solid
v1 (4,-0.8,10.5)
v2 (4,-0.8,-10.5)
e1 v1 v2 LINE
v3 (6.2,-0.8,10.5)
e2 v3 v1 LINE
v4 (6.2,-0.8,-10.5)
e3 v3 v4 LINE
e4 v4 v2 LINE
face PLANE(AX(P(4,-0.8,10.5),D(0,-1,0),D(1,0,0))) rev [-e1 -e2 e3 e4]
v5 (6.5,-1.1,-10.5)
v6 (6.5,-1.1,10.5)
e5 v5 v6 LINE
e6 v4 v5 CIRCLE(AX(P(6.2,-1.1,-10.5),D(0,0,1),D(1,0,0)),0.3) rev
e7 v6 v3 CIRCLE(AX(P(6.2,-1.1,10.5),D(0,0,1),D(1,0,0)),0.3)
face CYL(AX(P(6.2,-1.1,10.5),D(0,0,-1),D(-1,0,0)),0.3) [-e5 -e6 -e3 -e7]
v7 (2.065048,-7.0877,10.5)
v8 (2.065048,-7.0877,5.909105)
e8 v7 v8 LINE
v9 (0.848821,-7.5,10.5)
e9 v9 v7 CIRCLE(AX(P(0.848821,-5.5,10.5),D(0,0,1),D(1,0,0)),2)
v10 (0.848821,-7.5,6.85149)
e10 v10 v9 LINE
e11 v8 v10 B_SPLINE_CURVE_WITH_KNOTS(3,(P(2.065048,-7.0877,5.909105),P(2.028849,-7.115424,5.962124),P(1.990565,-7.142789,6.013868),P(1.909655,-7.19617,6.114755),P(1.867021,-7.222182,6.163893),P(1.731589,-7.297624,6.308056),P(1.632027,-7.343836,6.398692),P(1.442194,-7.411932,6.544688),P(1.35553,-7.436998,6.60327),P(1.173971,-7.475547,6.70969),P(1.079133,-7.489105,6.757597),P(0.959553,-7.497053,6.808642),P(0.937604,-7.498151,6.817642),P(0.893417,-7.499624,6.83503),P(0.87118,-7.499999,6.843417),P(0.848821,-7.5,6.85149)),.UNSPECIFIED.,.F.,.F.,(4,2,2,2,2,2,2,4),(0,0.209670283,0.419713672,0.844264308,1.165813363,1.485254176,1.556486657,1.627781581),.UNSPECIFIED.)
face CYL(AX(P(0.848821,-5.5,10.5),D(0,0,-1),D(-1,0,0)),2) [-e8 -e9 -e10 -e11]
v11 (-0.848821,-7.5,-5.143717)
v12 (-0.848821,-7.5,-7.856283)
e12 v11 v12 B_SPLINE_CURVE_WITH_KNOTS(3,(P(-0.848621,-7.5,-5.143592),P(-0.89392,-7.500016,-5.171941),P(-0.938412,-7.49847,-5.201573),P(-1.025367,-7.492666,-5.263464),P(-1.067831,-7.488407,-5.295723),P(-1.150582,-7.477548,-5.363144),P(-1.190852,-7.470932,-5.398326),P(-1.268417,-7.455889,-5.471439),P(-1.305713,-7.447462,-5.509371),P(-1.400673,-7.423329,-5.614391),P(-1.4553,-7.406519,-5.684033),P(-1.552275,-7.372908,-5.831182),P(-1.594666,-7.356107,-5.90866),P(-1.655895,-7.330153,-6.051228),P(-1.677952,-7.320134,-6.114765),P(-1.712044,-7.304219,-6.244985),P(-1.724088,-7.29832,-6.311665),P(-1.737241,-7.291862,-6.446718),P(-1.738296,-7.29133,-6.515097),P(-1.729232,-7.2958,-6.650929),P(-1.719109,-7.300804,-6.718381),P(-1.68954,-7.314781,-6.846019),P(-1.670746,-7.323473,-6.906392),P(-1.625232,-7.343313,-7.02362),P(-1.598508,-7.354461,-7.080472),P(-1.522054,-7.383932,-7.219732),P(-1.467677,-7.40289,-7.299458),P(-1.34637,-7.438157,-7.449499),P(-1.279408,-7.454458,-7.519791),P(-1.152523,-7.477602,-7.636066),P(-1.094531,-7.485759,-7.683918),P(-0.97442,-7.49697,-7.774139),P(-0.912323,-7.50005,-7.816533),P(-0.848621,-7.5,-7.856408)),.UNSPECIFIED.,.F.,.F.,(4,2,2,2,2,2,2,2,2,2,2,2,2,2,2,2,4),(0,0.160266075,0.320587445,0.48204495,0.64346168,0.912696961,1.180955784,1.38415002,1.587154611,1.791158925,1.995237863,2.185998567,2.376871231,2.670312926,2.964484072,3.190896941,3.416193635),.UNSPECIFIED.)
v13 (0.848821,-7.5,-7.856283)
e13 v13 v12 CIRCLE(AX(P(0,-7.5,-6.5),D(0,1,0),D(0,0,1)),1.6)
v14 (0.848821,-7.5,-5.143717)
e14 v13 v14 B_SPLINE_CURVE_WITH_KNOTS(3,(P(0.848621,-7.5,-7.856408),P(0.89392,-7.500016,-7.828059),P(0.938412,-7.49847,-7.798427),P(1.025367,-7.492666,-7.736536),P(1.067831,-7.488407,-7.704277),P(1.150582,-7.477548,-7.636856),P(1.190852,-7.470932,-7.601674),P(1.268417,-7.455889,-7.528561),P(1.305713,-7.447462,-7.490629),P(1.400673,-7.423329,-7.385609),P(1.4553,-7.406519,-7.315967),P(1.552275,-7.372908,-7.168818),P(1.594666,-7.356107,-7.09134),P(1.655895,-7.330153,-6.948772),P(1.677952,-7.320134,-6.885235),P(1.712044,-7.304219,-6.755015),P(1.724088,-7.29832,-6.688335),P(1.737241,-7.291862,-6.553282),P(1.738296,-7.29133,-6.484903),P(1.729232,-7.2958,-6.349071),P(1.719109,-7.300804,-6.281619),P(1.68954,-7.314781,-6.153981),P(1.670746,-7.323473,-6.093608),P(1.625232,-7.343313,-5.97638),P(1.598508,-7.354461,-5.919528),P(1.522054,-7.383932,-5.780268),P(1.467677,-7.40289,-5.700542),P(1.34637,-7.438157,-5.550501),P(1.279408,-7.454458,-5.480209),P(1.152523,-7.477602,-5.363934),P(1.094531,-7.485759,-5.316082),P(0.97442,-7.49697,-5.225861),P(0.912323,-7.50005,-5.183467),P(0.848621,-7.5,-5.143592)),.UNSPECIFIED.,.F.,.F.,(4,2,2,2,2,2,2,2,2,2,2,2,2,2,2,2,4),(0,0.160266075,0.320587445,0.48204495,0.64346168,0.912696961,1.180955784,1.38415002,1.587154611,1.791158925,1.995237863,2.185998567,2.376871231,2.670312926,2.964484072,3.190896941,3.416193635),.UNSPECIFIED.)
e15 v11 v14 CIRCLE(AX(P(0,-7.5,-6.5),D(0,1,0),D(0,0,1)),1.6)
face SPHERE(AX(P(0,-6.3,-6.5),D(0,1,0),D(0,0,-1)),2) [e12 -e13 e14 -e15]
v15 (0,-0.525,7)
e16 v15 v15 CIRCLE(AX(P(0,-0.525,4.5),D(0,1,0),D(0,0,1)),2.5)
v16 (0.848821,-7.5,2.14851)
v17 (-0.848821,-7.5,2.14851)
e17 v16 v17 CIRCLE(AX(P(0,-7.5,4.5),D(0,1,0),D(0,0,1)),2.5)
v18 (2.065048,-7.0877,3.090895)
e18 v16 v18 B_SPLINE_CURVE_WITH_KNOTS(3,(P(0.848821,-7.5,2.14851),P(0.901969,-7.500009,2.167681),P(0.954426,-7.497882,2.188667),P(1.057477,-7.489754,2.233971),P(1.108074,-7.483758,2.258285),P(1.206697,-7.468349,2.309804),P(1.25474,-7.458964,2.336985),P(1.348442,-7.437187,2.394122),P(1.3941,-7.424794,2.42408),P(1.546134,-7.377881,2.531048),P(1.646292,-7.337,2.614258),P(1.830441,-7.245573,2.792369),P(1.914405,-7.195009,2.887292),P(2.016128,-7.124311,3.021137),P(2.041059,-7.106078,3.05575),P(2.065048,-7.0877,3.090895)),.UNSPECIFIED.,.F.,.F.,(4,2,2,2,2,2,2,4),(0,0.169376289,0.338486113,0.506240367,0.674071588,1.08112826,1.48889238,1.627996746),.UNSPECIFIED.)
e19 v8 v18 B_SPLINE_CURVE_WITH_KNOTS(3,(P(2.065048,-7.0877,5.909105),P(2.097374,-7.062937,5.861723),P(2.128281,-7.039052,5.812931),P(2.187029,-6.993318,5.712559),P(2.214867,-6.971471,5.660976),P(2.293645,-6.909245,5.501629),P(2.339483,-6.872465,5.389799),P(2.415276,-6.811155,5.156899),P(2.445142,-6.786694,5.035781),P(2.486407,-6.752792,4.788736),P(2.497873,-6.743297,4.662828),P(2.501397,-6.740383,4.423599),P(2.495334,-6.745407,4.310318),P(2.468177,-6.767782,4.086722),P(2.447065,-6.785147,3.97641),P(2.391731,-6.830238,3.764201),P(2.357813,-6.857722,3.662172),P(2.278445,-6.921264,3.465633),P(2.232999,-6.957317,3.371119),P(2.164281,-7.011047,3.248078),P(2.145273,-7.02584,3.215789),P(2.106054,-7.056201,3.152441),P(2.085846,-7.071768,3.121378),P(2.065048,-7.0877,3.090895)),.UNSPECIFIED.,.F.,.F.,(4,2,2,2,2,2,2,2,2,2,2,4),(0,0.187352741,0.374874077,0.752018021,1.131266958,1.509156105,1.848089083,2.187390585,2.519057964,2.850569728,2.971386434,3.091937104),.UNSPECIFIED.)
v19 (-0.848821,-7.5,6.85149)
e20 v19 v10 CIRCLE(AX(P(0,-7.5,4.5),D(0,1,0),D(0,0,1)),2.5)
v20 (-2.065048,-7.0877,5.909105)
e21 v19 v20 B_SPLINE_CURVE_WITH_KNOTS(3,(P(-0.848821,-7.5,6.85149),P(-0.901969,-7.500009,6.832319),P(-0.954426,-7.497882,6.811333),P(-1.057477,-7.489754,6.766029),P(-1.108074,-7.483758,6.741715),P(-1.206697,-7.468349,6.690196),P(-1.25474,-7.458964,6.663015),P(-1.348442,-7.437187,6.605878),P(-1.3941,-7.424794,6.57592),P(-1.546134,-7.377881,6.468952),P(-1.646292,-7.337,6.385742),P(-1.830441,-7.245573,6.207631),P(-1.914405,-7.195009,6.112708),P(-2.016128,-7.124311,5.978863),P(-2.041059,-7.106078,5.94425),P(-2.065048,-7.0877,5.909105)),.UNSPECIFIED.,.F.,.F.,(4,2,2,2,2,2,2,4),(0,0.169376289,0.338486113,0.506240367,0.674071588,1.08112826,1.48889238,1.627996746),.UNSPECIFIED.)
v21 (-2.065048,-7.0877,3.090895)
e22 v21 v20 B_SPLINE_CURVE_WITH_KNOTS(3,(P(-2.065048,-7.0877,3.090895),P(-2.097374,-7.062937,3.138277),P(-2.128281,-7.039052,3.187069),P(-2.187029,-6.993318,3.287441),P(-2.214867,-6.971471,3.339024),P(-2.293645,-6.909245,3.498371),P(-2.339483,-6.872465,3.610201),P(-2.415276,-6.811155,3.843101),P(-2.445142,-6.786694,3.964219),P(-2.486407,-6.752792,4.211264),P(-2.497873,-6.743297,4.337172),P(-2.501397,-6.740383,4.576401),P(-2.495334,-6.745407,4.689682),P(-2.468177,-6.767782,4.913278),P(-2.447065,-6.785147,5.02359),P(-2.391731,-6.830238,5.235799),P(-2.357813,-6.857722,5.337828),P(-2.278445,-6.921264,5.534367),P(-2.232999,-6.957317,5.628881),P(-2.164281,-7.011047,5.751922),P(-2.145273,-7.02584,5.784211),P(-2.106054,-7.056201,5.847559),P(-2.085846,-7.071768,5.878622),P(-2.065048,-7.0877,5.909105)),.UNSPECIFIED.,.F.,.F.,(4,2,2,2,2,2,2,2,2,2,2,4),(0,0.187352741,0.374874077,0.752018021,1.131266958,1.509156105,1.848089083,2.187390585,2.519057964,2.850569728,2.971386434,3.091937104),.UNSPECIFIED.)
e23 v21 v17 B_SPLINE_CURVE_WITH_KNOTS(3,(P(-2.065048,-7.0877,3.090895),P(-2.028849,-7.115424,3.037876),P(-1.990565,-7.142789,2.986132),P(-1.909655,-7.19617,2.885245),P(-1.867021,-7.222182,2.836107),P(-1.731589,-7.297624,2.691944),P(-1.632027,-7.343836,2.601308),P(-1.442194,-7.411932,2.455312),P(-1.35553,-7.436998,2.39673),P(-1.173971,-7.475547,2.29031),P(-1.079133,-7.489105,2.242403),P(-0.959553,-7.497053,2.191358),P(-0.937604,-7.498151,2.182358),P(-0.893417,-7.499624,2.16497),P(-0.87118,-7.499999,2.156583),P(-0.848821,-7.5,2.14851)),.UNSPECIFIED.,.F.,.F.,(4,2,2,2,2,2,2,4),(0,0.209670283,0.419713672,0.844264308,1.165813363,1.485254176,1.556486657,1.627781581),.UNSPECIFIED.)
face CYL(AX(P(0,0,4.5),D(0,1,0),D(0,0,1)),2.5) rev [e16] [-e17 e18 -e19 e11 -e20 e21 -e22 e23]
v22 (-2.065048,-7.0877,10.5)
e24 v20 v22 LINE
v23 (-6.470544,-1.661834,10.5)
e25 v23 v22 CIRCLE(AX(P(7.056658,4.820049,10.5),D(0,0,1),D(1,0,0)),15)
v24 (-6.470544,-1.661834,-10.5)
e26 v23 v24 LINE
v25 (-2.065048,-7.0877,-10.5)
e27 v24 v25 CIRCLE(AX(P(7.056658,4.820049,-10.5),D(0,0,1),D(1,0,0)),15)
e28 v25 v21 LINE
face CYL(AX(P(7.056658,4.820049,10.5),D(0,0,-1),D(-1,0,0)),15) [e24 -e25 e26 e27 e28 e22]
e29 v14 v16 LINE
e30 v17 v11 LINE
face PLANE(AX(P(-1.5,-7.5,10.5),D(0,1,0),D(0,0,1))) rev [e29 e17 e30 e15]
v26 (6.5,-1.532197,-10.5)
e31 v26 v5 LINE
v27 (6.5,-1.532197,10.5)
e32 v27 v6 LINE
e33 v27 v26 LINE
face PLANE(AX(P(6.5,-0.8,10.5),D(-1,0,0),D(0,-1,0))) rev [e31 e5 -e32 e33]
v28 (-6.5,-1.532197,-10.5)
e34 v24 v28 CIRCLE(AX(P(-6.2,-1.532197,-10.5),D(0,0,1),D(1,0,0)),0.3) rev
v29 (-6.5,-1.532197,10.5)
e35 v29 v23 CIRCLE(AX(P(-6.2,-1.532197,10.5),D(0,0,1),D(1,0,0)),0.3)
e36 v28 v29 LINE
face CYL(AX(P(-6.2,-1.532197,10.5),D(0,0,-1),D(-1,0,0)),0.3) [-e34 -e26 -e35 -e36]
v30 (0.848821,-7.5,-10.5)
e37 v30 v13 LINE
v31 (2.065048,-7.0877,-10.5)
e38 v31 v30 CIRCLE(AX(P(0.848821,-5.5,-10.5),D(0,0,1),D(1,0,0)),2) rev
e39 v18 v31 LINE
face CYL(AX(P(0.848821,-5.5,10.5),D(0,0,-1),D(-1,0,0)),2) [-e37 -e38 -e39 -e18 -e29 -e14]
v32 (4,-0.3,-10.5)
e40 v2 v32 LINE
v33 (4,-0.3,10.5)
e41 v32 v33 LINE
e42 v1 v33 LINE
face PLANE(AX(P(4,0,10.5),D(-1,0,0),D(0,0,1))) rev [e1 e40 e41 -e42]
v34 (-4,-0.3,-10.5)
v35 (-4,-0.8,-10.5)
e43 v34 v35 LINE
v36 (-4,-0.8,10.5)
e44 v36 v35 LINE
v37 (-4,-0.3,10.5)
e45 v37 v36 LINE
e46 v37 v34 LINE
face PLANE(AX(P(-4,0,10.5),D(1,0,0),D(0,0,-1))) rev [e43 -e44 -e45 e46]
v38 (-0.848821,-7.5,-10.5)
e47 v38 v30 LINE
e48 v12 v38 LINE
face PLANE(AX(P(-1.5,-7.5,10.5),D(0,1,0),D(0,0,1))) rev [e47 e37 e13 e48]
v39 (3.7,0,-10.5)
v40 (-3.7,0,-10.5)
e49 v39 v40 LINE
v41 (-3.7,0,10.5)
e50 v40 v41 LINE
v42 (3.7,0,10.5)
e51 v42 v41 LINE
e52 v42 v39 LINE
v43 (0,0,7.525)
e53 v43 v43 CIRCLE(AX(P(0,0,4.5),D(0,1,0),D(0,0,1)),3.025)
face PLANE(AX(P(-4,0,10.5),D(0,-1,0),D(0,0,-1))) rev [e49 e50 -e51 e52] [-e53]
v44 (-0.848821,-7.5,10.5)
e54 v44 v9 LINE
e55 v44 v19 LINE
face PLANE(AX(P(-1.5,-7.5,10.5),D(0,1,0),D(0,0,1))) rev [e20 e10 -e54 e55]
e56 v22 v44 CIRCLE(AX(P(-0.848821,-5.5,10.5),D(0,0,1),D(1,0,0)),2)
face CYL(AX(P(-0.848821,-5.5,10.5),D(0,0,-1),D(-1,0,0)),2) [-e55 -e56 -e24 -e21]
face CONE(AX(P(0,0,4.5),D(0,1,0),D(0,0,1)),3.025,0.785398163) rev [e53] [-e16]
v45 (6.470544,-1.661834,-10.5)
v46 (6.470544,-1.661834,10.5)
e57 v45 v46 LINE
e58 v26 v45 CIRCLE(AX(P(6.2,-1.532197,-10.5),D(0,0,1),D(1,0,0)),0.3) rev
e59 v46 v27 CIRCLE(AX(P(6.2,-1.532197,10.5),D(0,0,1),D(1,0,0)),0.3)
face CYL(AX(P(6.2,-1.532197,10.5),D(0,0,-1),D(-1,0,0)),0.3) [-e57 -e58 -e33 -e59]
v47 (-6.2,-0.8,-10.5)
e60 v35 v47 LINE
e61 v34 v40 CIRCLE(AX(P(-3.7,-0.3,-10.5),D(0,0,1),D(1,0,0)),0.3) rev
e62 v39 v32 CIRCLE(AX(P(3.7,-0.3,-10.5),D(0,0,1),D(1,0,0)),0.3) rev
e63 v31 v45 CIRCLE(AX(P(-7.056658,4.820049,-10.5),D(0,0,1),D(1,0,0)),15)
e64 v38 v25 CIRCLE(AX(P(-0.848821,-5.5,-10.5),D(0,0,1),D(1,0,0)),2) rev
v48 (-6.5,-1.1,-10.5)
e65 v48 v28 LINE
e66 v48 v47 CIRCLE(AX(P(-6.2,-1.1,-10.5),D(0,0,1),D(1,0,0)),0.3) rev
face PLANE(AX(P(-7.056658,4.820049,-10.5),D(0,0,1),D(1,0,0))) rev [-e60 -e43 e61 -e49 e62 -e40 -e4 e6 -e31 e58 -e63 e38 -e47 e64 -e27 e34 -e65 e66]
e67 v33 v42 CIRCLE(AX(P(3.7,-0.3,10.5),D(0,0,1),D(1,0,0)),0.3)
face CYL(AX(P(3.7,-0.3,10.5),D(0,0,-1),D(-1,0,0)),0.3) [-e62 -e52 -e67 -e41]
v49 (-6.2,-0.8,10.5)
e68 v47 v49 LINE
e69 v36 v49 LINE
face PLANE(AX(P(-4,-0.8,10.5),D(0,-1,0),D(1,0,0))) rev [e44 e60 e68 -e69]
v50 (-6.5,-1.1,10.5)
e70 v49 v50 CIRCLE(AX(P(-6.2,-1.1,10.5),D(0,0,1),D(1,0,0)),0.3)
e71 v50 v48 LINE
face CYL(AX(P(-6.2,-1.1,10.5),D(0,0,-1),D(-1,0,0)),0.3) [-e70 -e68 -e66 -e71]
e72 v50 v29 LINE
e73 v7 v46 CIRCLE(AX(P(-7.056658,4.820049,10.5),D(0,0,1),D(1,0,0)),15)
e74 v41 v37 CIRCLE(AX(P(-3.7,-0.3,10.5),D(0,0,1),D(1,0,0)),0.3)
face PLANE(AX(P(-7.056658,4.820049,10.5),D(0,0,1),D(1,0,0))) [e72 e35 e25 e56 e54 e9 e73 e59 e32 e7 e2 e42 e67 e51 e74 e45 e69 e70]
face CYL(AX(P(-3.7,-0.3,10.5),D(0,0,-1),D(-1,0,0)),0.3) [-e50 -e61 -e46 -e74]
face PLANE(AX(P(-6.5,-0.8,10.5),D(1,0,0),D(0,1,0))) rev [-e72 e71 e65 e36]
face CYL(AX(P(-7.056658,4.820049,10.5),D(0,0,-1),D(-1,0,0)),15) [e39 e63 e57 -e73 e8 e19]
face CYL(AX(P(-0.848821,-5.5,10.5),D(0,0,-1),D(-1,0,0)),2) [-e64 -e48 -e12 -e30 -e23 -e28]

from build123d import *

# Parameters (mm, degrees)
EXTRUDE_1_DEPTH             = 10.5
FILLET_1_R                  = 0.3
FILLET_2_R                  = 2
HOLE_WIZARD_M62_D           = 5
HOLE_WIZARD_M62_CSINK_D     = 6.05
HOLE_WIZARD_M62_CSINK_ANGLE = 90


with BuildPart() as part:
    # Эскиз1 → Бобышка-Вытянуть1 (new body, symmetric)
    with BuildSketch(Plane.XY):
        with BuildLine():
            Line((-4, 0), (4, 0))
            Line((4, 0), (4, -0.8))
            Line((4, -0.8), (6.5, -0.8))
            Line((6.5, -0.8), (6.5, -1.6))
            ThreePointArc((6.5, -1.6), (4.386776199, -4.87777644), (1.5, -7.5))
            Line((1.5, -7.5), (-1.5, -7.5))
            ThreePointArc((-1.5, -7.5), (-4.386776199, -4.87777644), (-6.5, -1.6))
            Line((-6.5, -1.6), (-6.5, -0.8))
            Line((-6.5, -0.8), (-4, -0.8))
            Line((-4, -0.8), (-4, 0))
        make_face()
    extrude(amount=EXTRUDE_1_DEPTH, both=True)

    # Скругление1
    fillet_1_edges = [part.edges().sort_by_distance(p)[0] for p in [
        (6.5, -0.8, 0),
        (6.5, -1.6, 0),
        (-6.5, -1.6, 0),
        (-6.5, -0.8, 0),
        (-4, 0, 0),
        (4, 0, 0),
    ]]
    fillet(fillet_1_edges, radius=FILLET_1_R)

    # Скругление2
    fillet_2_edges = [part.edges().sort_by_distance(p)[0] for p in [
        (1.5, -7.5, 0),
        (-1.5, -7.5, 0),
    ]]
    fillet(fillet_2_edges, radius=FILLET_2_R)

    # Отверстие обработанное метчиком M62 (through all)
    with Locations(Plane(origin=(0, 0, 0), x_dir=(1, 0, 0), z_dir=(0, 1, 0))):
        with Locations((0, -4.5)):
            CounterSinkHole(HOLE_WIZARD_M62_D / 2, HOLE_WIZARD_M62_CSINK_D / 2, counter_sink_angle=HOLE_WIZARD_M62_CSINK_ANGLE)

    # Эскиз5 → Повернуть1 (revolve)
    with BuildSketch(Plane(origin=(0, 0, 0), x_dir=(0, 0, -1), z_dir=(1, 0, 0))):
        with BuildLine():
            Line((6.5, -4.3), (6.5, -8.3))
            ThreePointArc((6.5, -8.3), (4.5, -6.3), (6.5, -4.3))
        make_face()
    revolve(axis=Axis((0, -4.3, -6.5), (0, -1, 0)))


solid = part.part
